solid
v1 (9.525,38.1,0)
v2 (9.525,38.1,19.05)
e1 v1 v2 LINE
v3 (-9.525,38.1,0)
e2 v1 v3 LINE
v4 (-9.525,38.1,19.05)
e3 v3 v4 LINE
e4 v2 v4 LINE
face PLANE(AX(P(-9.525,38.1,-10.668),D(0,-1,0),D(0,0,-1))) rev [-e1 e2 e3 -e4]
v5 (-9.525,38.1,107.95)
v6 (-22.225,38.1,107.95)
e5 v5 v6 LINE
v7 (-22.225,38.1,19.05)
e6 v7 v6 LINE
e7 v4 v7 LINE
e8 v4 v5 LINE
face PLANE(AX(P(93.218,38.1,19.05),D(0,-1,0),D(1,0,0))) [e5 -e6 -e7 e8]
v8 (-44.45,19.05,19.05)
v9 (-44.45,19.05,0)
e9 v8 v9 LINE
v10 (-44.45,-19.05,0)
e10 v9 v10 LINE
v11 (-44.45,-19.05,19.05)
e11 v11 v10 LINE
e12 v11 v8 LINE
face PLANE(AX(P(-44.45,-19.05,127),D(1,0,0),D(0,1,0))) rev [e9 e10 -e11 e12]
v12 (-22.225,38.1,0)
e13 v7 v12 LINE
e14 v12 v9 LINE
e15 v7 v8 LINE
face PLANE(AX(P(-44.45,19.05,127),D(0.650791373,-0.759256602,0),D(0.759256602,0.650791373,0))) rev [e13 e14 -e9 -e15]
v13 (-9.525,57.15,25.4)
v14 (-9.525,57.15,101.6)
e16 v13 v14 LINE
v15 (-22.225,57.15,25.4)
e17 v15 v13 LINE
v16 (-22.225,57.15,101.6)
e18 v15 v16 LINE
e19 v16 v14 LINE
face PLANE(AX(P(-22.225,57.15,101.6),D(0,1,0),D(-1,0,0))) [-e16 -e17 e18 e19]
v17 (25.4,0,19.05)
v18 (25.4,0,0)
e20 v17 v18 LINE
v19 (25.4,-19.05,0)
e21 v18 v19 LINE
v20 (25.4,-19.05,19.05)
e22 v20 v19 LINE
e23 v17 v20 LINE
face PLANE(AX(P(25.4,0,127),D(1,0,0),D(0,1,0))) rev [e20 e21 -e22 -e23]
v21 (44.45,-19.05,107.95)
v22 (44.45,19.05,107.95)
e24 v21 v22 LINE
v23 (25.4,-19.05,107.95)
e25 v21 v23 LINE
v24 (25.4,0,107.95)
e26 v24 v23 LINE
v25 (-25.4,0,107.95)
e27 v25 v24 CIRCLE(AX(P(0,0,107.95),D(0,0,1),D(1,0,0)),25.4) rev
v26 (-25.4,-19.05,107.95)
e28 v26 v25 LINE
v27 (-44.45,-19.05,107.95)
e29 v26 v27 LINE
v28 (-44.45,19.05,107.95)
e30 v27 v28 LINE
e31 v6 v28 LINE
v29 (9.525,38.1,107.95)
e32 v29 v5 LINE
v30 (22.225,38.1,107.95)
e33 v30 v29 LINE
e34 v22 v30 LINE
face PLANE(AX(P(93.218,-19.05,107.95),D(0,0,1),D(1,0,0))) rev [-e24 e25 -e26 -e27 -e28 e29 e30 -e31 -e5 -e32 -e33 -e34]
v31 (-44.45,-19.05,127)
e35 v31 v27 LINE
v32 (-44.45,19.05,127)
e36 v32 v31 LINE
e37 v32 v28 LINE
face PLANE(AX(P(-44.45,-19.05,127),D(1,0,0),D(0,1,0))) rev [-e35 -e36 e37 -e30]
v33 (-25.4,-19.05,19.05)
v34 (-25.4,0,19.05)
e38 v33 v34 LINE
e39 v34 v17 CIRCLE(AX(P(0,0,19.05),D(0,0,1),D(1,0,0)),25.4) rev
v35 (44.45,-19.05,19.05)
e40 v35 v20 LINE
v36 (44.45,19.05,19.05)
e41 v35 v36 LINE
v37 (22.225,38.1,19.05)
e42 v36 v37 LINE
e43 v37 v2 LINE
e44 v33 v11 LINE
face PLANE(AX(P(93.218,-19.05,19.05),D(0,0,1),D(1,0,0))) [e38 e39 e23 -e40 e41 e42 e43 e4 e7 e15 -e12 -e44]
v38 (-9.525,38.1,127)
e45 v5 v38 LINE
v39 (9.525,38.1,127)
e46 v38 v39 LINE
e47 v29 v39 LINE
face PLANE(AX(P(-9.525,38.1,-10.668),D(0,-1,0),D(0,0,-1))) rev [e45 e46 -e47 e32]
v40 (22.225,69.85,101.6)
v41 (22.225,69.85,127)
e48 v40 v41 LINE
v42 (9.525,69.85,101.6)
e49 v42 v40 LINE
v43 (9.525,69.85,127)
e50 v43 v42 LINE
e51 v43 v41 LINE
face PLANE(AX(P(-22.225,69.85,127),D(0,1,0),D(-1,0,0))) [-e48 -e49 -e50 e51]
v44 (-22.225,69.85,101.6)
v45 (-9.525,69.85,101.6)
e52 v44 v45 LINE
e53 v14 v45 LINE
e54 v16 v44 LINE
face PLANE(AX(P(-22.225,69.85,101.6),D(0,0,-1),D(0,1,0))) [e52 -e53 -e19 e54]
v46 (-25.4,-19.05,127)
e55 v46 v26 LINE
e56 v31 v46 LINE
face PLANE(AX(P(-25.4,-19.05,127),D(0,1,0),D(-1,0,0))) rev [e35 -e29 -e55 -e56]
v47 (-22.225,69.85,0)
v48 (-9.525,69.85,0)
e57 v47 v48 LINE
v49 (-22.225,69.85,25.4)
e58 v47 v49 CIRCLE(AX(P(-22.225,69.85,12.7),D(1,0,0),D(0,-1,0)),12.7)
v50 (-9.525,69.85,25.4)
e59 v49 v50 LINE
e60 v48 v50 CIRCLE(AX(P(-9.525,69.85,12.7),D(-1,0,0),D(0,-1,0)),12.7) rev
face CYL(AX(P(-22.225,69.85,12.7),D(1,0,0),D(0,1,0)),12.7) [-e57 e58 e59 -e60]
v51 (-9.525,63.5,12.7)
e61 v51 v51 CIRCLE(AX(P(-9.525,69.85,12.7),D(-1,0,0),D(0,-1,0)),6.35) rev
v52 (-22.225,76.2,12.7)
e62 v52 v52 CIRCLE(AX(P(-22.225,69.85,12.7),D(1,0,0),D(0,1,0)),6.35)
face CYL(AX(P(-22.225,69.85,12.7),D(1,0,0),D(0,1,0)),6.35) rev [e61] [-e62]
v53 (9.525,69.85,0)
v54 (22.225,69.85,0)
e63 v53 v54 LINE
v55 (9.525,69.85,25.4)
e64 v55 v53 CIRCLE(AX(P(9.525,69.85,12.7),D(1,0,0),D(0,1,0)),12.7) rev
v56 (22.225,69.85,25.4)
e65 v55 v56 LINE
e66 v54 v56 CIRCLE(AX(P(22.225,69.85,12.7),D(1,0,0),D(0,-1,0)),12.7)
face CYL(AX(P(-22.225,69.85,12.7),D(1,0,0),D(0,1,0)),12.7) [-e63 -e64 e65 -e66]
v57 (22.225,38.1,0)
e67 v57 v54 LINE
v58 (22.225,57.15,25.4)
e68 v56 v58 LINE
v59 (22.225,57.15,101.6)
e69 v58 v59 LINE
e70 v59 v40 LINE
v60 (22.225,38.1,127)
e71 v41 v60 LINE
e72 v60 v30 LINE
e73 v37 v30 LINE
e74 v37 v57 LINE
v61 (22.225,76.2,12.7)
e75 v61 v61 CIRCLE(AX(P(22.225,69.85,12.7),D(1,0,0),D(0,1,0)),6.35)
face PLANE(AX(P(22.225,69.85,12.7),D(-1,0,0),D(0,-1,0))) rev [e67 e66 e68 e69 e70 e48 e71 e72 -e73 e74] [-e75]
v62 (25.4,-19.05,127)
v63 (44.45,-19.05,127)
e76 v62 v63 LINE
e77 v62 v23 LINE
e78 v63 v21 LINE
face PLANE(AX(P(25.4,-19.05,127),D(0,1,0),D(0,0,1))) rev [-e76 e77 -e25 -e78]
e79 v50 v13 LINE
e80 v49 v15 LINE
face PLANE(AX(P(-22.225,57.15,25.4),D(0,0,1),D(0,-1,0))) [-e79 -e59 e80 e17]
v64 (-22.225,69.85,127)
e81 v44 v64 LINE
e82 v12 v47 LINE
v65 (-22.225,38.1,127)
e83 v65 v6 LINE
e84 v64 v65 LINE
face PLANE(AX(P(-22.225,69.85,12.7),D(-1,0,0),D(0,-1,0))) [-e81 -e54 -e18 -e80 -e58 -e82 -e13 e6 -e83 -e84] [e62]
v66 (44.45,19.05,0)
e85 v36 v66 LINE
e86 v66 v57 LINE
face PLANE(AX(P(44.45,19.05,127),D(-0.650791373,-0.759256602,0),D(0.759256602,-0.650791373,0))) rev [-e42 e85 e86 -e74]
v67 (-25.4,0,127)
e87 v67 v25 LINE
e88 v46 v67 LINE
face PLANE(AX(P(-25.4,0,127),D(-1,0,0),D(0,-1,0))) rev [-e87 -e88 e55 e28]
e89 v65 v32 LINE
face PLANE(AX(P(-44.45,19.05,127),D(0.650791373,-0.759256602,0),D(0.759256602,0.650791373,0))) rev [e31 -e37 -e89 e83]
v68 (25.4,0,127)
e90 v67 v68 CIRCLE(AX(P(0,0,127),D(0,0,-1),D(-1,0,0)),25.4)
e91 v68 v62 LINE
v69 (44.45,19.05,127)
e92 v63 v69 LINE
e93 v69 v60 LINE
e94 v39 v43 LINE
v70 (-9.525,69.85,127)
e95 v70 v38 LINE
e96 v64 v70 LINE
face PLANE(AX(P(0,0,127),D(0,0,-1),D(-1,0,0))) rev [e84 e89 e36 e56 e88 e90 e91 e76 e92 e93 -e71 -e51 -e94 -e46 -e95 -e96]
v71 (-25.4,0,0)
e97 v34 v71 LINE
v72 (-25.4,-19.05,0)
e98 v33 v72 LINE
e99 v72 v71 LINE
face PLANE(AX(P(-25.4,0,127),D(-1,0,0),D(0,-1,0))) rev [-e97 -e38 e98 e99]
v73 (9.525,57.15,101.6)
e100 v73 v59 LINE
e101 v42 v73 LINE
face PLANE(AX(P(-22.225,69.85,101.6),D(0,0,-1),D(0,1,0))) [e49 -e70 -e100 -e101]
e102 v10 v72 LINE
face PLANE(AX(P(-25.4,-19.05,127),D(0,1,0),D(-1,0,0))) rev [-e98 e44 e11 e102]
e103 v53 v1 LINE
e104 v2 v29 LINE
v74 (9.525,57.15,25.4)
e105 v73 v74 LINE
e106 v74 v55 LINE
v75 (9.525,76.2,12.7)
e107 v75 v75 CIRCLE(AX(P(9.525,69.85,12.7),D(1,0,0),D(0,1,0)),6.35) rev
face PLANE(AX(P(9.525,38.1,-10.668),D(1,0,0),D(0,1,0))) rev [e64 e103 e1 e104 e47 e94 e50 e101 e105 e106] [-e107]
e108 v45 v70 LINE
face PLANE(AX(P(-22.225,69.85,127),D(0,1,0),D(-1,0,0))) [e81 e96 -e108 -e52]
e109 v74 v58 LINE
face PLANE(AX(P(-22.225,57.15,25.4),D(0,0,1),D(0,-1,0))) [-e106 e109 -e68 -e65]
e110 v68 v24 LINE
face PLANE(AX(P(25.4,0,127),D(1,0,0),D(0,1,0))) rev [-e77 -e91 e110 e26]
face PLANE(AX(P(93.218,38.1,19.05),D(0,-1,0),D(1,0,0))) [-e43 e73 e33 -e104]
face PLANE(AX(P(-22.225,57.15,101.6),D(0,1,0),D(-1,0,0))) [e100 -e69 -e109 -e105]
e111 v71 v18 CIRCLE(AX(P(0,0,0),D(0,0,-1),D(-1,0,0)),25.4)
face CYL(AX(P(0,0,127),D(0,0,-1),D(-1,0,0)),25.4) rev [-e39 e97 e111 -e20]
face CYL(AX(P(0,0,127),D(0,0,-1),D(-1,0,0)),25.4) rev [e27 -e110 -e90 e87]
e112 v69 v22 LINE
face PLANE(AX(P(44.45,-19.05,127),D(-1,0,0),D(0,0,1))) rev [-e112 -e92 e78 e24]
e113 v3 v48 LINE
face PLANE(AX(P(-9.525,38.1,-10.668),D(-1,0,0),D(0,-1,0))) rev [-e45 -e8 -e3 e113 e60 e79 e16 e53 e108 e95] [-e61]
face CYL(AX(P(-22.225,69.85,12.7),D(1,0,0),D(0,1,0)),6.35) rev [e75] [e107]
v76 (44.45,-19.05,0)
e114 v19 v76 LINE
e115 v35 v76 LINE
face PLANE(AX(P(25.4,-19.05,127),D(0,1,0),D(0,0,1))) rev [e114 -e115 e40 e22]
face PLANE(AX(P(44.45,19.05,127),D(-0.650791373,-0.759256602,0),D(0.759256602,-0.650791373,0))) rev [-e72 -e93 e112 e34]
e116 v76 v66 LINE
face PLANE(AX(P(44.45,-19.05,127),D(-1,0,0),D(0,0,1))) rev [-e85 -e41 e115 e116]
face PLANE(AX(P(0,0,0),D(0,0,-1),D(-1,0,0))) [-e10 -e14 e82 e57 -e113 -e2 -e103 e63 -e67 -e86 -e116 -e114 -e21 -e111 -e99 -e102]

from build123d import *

# Parameters (mm, degrees)
EXTRUDE1_DEPTH = 127
SKETCH4_R      = 6.35
EXTRUDE2_DEPTH = 44.45
SKETCH5_W      = 19.05
SKETCH5_H      = 76.2
EXTRUDE3_DEPTH = 137.668
SKETCH8_W      = 88.9
SKETCH8_H      = 57.15
EXTRUDE4_DEPTH = 137.668


with BuildPart() as part:
    # Sketch2 → Extrude1 (new body)
    with BuildSketch(Plane.XY):
        with BuildLine():
            Line((25.4, 0), (25.4, -19.05))
            Line((25.4, -19.05), (44.45, -19.05))
            Line((44.45, -19.05), (44.45, 19.05))
            Line((44.45, 19.05), (22.225, 38.1))
            Line((22.225, 38.1), (-22.225, 38.1))
            Line((-22.225, 38.1), (-44.45, 19.05))
            Line((-44.45, 19.05), (-44.45, -19.05))
            Line((-44.45, -19.05), (-25.4, -19.05))
            Line((-25.4, -19.05), (-25.4, 0))
            ThreePointArc((-25.4, 0), (0, 25.4), (25.4, 0))
        make_face()
    extrude(amount=EXTRUDE1_DEPTH)

    # Sketch4 → Extrude2 (add)
    with BuildSketch(Plane(origin=(22.225, 0, 0), x_dir=(0, 0, -1), z_dir=(1, 0, 0))):
        with BuildLine():
            Line((0, 38.1), (-127, 38.1))
            Line((-127, 38.1), (-127, 69.85))
            Line((-127, 69.85), (-101.6, 69.85))
            Line((-101.6, 69.85), (-101.6, 57.15))
            Line((-101.6, 57.15), (-25.4, 57.15))
            Line((-25.4, 57.15), (-25.4, 69.85))
            ThreePointArc((-25.4, 69.85), (-12.7, 82.55), (0, 69.85))
            Line((0, 69.85), (0, 38.1))
        make_face()
        with Locations(Location((-12.7, 69.85, 0), (0, 0, 90))):
            Circle(SKETCH4_R, mode=Mode.SUBTRACT)
    extrude(amount=-EXTRUDE2_DEPTH)

    # Sketch5 → Extrude3 (cut)
    with BuildSketch(Plane.XY.offset(127)):
        with Locations((0, 76.2)):
            Rectangle(SKETCH5_W, SKETCH5_H)
    extrude(amount=-EXTRUDE3_DEPTH, mode=Mode.SUBTRACT)

    # Sketch8 → Extrude4 (cut)
    with BuildSketch(Plane.ZY.offset(44.45)):
        with Locations((63.5, 9.525)):
            Rectangle(SKETCH8_W, SKETCH8_H)
    extrude(amount=-EXTRUDE4_DEPTH, mode=Mode.SUBTRACT)


solid = part.part
